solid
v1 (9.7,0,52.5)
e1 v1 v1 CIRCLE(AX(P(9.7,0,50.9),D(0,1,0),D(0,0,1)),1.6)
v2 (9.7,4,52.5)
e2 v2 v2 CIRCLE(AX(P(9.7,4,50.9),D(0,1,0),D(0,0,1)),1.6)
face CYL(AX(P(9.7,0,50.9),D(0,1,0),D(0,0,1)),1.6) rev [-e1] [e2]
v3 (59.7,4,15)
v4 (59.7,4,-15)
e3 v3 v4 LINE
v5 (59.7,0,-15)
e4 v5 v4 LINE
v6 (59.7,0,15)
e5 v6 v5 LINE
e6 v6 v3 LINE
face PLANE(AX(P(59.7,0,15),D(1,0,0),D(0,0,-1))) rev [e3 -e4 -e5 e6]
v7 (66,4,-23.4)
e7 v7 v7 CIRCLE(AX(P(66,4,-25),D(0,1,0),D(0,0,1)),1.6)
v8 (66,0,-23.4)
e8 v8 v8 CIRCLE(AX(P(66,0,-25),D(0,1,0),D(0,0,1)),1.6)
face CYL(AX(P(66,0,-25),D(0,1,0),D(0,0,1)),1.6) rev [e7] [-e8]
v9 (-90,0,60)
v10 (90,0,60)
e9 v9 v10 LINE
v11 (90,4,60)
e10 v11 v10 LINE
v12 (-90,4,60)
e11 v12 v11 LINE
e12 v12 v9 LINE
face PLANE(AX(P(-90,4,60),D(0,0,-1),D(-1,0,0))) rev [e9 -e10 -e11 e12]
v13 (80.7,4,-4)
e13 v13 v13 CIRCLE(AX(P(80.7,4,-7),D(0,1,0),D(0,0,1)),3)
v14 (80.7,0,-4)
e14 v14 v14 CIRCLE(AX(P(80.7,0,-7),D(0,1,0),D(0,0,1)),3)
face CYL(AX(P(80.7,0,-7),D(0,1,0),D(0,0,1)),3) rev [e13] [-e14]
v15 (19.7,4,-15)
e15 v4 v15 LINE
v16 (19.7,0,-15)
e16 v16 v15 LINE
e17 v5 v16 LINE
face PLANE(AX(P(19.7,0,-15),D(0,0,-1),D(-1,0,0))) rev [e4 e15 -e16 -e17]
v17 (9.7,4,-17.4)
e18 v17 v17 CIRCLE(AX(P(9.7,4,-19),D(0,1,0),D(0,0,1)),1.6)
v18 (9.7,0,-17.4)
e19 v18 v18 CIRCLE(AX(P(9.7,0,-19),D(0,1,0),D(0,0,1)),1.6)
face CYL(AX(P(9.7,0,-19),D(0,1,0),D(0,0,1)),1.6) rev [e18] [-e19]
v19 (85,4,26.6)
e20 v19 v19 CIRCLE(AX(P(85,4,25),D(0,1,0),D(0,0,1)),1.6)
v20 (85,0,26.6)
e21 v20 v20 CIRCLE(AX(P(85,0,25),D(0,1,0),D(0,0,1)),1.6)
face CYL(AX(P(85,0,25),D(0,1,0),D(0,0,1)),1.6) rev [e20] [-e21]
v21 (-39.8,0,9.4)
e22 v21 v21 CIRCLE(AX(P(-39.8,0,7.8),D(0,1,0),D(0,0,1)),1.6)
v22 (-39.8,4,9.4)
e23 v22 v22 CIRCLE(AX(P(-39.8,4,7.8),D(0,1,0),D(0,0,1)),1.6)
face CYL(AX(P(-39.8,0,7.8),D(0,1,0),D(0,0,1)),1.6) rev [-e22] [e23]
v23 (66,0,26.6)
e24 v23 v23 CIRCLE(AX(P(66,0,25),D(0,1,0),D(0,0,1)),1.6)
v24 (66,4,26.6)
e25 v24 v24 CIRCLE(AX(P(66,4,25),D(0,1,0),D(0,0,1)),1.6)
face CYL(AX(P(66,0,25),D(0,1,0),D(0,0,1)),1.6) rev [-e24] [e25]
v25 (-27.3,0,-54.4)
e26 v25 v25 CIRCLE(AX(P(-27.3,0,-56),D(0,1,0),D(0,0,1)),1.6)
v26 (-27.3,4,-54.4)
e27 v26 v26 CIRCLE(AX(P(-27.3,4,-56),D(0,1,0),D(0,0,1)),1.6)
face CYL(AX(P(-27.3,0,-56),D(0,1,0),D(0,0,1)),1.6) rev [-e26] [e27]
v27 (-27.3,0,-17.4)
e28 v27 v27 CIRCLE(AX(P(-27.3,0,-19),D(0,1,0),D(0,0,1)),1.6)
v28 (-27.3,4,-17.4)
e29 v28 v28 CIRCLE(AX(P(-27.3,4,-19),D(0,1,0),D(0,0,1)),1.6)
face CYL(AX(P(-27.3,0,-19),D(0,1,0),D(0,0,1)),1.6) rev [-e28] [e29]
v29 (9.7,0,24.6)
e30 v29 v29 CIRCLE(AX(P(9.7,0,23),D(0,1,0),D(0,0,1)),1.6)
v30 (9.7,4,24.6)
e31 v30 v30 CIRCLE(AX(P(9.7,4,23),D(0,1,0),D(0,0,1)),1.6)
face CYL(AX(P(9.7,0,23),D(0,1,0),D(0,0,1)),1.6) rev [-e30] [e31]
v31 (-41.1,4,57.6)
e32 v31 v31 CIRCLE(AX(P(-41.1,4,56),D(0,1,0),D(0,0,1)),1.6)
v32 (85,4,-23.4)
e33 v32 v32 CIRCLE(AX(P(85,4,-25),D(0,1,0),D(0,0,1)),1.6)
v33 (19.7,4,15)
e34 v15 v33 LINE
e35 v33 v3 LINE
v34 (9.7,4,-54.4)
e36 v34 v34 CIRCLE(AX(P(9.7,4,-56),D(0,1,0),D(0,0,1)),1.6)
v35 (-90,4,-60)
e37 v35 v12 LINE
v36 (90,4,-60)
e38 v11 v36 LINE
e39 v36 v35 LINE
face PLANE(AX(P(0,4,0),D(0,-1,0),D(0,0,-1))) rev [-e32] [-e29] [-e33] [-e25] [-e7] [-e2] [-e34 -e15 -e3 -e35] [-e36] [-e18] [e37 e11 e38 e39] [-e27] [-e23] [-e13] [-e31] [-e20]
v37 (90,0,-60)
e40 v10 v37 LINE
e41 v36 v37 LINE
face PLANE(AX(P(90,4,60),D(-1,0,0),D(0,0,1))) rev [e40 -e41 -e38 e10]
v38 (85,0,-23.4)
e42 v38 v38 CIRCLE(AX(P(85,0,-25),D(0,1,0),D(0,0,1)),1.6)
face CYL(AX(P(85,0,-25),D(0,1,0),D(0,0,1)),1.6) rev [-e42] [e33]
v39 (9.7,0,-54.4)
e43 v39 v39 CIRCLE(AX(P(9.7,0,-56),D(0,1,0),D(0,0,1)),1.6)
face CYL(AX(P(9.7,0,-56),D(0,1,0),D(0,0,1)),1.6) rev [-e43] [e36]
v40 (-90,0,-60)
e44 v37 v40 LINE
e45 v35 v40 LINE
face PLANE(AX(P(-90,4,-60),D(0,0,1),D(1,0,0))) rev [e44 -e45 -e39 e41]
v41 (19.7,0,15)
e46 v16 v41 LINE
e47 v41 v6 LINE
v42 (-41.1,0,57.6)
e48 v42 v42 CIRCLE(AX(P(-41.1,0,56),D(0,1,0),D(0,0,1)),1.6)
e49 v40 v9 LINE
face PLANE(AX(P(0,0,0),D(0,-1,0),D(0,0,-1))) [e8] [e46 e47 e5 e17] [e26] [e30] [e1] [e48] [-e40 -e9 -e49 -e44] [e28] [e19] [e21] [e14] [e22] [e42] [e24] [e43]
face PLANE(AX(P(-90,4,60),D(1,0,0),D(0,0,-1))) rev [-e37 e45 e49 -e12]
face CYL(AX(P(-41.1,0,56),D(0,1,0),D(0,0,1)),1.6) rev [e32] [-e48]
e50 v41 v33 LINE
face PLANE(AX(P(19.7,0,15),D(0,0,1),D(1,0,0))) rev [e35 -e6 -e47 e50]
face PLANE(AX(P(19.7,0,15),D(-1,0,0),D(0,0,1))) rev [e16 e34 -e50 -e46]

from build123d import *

# Parameters (mm, degrees)
SKETCH_1_W          = 180
SKETCH_1_H          = 120
EXTRUDE_1_DEPTH     = 4
SKETCH_2_R          = 1.6
SKETCH_2_R_2        = 3
CUT_EXTRUDE_1_DEPTH = 4
SKETCH_3_W          = 40
SKETCH_3_H          = 30
CUT_EXTRUDE_2_DEPTH = 4
SKETCH_4_R          = 1.6
CUT_EXTRUDE_3_DEPTH = 4
SKETCH_5_R          = 1.6
CUT_EXTRUDE_4_DEPTH = 4


with BuildPart() as part:
    # 草图1 → 凸台-拉伸1 (new body)
    with BuildSketch(Plane(origin=(0, 0, 0), x_dir=(1, 0, 0), z_dir=(0, 1, 0))):
        Rectangle(SKETCH_1_W, SKETCH_1_H)
    extrude(amount=EXTRUDE_1_DEPTH)

    # 草图2 → 切除-拉伸1 (cut)
    with BuildSketch(Plane(origin=(0, 4, 0), x_dir=(1, 0, 0), z_dir=(0, 1, 0))):
        with Locations(Location((66, 25, 0), (0, 0, 270))):
            Circle(SKETCH_2_R)
        with Locations(Location((66, -25, 0), (0, 0, 270))):
            Circle(SKETCH_2_R)
        with Locations(Location((85, -25, 0), (0, 0, 270))):
            Circle(SKETCH_2_R)
        with Locations(Location((85, 25, 0), (0, 0, 270))):
            Circle(SKETCH_2_R)
        with Locations(Location((80.7, 7, 0), (0, 0, 270))):
            Circle(SKETCH_2_R_2)
    extrude(amount=-CUT_EXTRUDE_1_DEPTH, mode=Mode.SUBTRACT)

    # 草图3 → 切除-拉伸2 (cut)
    with BuildSketch(Plane(origin=(0, 4, 0), x_dir=(1, 0, 0), z_dir=(0, 1, 0))):
        with Locations((39.7, 0)):
            Rectangle(SKETCH_3_W, SKETCH_3_H)
    extrude(amount=-CUT_EXTRUDE_2_DEPTH, mode=Mode.SUBTRACT)

    # 草图4 → 切除-拉伸3 (cut)
    with BuildSketch(Plane(origin=(0, 4, 0), x_dir=(1, 0, 0), z_dir=(0, 1, 0))):
        with Locations(Location((-27.3, 56, 0), (0, 0, 270))):
            Circle(SKETCH_4_R)
        with Locations(Location((9.7, 56, 0), (0, 0, 270))):
            Circle(SKETCH_4_R)
        with Locations(Location((9.7, 19, 0), (0, 0, 270))):
            Circle(SKETCH_4_R)
        with Locations(Location((-27.3, 19, 0), (0, 0, 270))):
            Circle(SKETCH_4_R)
    extrude(amount=-CUT_EXTRUDE_3_DEPTH, mode=Mode.SUBTRACT)

    # 草图5 → 切除-拉伸4 (cut)
    with BuildSketch(Plane(origin=(0, 4, 0), x_dir=(1, 0, 0), z_dir=(0, 1, 0))):
        with Locations(Location((-39.8, -7.8, 0), (0, 0, 270))):
            Circle(SKETCH_5_R)
        with Locations(Location((9.7, -23, 0), (0, 0, 270))):
            Circle(SKETCH_5_R)
        with Locations(Location((9.7, -50.9, 0), (0, 0, 270))):
            Circle(SKETCH_5_R)
        with Locations(Location((-41.1, -56, 0), (0, 0, 270))):
            Circle(SKETCH_5_R)
    extrude(amount=-CUT_EXTRUDE_4_DEPTH, mode=Mode.SUBTRACT)


solid = part.part
